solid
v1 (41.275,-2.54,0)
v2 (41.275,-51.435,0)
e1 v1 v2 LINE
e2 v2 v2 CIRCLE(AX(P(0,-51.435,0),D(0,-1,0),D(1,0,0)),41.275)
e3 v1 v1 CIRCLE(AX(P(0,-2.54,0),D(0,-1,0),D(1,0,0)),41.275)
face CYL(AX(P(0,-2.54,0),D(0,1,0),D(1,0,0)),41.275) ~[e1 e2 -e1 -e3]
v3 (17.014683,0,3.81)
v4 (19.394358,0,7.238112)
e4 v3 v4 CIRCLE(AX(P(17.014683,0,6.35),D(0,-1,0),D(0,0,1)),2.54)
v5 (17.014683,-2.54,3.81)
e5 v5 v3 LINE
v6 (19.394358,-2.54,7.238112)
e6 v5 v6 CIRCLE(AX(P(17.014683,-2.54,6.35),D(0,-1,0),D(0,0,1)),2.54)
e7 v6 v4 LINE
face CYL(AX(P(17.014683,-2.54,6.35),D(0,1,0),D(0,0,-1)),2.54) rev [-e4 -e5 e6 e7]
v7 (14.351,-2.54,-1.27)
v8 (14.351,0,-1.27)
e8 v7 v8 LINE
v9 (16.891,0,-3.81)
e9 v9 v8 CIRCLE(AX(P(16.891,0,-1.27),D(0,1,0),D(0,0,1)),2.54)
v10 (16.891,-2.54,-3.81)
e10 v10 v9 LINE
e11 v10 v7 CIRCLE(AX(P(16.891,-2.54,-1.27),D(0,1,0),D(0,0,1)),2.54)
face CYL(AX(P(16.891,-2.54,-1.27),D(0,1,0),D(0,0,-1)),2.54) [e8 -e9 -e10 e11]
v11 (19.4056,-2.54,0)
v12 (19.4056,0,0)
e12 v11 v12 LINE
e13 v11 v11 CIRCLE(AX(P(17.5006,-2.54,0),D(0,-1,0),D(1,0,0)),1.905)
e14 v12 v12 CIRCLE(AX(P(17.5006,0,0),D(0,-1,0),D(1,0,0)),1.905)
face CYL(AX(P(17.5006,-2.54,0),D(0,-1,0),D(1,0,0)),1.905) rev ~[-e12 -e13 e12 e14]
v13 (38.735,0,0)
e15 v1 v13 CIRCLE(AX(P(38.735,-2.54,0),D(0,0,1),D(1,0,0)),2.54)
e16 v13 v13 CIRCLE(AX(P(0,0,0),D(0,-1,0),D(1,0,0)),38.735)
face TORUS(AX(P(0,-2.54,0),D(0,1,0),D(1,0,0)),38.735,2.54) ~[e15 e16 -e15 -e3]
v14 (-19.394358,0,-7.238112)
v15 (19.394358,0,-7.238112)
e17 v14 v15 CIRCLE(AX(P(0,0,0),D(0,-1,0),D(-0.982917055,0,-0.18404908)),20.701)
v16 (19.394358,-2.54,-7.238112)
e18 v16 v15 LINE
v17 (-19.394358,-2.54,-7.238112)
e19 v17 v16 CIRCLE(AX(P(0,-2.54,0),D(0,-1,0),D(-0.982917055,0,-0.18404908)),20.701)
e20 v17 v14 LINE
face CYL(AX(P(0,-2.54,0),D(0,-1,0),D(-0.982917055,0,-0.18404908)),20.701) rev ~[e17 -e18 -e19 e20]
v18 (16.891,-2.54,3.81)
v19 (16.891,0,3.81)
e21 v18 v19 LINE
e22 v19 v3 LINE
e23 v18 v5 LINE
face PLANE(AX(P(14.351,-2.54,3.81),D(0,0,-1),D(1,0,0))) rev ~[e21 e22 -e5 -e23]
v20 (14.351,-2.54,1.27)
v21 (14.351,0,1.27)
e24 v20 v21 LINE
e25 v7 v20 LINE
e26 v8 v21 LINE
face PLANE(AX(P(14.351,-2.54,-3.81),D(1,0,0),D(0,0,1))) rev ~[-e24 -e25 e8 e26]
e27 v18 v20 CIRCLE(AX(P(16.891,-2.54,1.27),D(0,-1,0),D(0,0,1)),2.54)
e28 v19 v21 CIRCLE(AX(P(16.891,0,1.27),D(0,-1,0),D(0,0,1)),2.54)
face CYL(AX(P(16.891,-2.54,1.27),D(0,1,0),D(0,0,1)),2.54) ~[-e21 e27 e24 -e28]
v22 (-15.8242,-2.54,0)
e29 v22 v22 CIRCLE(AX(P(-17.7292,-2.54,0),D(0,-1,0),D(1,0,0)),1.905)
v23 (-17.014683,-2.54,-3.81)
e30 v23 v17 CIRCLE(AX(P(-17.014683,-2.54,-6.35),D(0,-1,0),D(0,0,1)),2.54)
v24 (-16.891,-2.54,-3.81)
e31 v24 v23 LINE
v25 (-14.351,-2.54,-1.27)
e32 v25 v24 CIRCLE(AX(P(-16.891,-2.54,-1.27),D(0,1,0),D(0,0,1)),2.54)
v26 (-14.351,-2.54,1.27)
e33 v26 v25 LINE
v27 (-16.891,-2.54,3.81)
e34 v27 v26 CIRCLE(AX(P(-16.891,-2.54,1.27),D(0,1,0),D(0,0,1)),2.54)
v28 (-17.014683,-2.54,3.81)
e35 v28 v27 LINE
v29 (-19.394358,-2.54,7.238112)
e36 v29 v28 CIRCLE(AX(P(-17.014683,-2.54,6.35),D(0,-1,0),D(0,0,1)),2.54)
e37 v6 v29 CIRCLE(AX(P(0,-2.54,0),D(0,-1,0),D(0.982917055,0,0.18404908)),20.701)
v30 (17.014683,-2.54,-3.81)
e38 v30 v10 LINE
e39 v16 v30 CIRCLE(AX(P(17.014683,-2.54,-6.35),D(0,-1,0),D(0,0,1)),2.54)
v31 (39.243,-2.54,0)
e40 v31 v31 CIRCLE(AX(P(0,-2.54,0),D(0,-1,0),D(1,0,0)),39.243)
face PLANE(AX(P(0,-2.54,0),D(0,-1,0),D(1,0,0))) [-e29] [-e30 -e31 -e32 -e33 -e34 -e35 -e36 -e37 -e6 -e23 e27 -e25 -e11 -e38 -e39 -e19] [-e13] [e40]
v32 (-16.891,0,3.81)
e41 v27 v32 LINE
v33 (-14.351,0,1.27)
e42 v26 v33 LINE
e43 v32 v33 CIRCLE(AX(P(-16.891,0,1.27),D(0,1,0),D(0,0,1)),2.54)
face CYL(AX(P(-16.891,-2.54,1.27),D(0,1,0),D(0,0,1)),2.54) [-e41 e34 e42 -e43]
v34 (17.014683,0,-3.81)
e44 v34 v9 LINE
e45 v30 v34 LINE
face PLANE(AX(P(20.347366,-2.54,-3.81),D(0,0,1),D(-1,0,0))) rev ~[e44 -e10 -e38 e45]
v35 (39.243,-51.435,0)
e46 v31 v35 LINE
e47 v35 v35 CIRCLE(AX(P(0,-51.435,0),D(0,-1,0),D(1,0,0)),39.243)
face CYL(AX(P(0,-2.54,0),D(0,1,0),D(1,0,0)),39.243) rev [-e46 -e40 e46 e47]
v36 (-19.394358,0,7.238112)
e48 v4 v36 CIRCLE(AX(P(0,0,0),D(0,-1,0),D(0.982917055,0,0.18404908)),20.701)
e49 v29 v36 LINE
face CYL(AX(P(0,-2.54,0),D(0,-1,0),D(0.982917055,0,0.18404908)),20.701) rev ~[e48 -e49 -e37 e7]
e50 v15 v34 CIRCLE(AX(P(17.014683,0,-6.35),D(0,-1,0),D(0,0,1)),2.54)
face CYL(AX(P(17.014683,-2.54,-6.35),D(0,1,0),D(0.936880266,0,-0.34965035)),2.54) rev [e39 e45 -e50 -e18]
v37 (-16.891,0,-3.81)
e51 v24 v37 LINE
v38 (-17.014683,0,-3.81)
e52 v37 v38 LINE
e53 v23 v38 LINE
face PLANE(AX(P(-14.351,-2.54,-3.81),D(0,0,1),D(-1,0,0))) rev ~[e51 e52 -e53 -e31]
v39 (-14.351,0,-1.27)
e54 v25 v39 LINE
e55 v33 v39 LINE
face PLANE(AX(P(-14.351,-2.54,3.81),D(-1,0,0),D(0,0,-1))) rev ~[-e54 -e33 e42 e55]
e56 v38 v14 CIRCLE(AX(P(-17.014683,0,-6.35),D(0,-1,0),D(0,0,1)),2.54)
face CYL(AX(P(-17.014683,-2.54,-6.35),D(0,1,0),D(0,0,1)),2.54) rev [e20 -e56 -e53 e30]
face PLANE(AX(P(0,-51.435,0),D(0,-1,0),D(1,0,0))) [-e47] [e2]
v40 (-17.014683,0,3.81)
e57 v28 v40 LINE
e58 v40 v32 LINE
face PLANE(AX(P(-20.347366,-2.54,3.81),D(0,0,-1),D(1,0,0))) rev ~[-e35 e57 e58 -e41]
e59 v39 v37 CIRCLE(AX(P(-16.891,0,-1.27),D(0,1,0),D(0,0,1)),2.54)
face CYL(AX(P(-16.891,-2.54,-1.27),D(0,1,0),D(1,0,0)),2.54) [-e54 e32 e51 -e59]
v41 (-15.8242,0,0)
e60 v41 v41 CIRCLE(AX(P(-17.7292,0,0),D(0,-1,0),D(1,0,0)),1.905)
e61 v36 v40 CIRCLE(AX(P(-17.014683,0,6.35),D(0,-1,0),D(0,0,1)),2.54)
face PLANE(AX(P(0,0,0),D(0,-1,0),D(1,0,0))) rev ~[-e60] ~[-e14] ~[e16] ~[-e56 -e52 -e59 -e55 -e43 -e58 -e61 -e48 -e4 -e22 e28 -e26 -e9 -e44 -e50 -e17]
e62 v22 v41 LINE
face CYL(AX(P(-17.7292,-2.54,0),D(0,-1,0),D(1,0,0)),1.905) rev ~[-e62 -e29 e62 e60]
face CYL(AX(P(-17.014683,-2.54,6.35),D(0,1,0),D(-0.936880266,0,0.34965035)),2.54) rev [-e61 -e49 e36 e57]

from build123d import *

# Parameters (mm, degrees)
F0_R          = 41.275
F1_DEPTH      = 2.54
F3_R          = 41.275
F3_R_2        = 39.243
F4_DEPTH      = 48.895
F5_R          = 2.54
F2_R          = 1.905
F6_DEPTH      = 25.4
F6_DEPTH_BACK = 25.4
F7_R          = 2.54


with BuildPart() as f1:
    # F0 (on Front) → F1 (new body)
    with BuildSketch(Plane.XZ):
        Circle(F0_R)
    extrude(amount=F1_DEPTH)

    # F3 (on face) → F4 (join)
    with BuildSketch(Plane.XZ.offset(2.54)):
        Circle(F3_R)
        Circle(F3_R_2, mode=Mode.SUBTRACT)
    extrude(amount=F4_DEPTH)

    # F5
    f5_edges = [f1.edges().sort_by_distance(p)[0] for p in [
        (-41.275, 0, 0),
    ]]
    fillet(f5_edges, radius=F5_R)

    # F2 (on face) → F6 (cut, two sides)
    with BuildSketch(Plane.XZ.offset(2.54)) as f6_sk:
        with Locations((17.5006, 0)):
            Circle(F2_R)
        with Locations((-17.7292, 0)):
            Circle(F2_R)
        with BuildLine():
            Line((14.351, 3.81), (20.3473659475, 3.81))
            ThreePointArc((20.3473659475, 3.81), (0, 20.701), (-20.3473659475, 3.81))
            Line((-20.3473659475, 3.81), (-14.351, 3.81))
            Line((-14.351, 3.81), (-14.351, -3.81))
            Line((-14.351, -3.81), (-20.3473659475, -3.81))
            ThreePointArc((-20.3473659475, -3.81), (0, -20.701), (20.3473659475, -3.81))
            Line((20.3473659475, -3.81), (14.351, -3.81))
            Line((14.351, -3.81), (14.351, 3.81))
        make_face()
    extrude(amount=-F6_DEPTH, mode=Mode.SUBTRACT)
    extrude(f6_sk.sketch, amount=F6_DEPTH_BACK, mode=Mode.SUBTRACT)

    # F7
    f7_edges = [f1.edges().sort_by_distance(p)[0] for p in [
        (-20.347366, -1.27, 3.81),
        (-14.351, -1.27, 3.81),
        (-14.351, -1.27, -3.81),
        (-20.347366, -1.27, -3.81),
        (14.351, -1.27, 3.81),
        (14.351, -1.27, -3.81),
        (20.347366, -1.27, -3.81),
        (20.347366, -1.27, 3.81),
    ]]
    fillet(f7_edges, radius=F7_R)


solid = f1.part
